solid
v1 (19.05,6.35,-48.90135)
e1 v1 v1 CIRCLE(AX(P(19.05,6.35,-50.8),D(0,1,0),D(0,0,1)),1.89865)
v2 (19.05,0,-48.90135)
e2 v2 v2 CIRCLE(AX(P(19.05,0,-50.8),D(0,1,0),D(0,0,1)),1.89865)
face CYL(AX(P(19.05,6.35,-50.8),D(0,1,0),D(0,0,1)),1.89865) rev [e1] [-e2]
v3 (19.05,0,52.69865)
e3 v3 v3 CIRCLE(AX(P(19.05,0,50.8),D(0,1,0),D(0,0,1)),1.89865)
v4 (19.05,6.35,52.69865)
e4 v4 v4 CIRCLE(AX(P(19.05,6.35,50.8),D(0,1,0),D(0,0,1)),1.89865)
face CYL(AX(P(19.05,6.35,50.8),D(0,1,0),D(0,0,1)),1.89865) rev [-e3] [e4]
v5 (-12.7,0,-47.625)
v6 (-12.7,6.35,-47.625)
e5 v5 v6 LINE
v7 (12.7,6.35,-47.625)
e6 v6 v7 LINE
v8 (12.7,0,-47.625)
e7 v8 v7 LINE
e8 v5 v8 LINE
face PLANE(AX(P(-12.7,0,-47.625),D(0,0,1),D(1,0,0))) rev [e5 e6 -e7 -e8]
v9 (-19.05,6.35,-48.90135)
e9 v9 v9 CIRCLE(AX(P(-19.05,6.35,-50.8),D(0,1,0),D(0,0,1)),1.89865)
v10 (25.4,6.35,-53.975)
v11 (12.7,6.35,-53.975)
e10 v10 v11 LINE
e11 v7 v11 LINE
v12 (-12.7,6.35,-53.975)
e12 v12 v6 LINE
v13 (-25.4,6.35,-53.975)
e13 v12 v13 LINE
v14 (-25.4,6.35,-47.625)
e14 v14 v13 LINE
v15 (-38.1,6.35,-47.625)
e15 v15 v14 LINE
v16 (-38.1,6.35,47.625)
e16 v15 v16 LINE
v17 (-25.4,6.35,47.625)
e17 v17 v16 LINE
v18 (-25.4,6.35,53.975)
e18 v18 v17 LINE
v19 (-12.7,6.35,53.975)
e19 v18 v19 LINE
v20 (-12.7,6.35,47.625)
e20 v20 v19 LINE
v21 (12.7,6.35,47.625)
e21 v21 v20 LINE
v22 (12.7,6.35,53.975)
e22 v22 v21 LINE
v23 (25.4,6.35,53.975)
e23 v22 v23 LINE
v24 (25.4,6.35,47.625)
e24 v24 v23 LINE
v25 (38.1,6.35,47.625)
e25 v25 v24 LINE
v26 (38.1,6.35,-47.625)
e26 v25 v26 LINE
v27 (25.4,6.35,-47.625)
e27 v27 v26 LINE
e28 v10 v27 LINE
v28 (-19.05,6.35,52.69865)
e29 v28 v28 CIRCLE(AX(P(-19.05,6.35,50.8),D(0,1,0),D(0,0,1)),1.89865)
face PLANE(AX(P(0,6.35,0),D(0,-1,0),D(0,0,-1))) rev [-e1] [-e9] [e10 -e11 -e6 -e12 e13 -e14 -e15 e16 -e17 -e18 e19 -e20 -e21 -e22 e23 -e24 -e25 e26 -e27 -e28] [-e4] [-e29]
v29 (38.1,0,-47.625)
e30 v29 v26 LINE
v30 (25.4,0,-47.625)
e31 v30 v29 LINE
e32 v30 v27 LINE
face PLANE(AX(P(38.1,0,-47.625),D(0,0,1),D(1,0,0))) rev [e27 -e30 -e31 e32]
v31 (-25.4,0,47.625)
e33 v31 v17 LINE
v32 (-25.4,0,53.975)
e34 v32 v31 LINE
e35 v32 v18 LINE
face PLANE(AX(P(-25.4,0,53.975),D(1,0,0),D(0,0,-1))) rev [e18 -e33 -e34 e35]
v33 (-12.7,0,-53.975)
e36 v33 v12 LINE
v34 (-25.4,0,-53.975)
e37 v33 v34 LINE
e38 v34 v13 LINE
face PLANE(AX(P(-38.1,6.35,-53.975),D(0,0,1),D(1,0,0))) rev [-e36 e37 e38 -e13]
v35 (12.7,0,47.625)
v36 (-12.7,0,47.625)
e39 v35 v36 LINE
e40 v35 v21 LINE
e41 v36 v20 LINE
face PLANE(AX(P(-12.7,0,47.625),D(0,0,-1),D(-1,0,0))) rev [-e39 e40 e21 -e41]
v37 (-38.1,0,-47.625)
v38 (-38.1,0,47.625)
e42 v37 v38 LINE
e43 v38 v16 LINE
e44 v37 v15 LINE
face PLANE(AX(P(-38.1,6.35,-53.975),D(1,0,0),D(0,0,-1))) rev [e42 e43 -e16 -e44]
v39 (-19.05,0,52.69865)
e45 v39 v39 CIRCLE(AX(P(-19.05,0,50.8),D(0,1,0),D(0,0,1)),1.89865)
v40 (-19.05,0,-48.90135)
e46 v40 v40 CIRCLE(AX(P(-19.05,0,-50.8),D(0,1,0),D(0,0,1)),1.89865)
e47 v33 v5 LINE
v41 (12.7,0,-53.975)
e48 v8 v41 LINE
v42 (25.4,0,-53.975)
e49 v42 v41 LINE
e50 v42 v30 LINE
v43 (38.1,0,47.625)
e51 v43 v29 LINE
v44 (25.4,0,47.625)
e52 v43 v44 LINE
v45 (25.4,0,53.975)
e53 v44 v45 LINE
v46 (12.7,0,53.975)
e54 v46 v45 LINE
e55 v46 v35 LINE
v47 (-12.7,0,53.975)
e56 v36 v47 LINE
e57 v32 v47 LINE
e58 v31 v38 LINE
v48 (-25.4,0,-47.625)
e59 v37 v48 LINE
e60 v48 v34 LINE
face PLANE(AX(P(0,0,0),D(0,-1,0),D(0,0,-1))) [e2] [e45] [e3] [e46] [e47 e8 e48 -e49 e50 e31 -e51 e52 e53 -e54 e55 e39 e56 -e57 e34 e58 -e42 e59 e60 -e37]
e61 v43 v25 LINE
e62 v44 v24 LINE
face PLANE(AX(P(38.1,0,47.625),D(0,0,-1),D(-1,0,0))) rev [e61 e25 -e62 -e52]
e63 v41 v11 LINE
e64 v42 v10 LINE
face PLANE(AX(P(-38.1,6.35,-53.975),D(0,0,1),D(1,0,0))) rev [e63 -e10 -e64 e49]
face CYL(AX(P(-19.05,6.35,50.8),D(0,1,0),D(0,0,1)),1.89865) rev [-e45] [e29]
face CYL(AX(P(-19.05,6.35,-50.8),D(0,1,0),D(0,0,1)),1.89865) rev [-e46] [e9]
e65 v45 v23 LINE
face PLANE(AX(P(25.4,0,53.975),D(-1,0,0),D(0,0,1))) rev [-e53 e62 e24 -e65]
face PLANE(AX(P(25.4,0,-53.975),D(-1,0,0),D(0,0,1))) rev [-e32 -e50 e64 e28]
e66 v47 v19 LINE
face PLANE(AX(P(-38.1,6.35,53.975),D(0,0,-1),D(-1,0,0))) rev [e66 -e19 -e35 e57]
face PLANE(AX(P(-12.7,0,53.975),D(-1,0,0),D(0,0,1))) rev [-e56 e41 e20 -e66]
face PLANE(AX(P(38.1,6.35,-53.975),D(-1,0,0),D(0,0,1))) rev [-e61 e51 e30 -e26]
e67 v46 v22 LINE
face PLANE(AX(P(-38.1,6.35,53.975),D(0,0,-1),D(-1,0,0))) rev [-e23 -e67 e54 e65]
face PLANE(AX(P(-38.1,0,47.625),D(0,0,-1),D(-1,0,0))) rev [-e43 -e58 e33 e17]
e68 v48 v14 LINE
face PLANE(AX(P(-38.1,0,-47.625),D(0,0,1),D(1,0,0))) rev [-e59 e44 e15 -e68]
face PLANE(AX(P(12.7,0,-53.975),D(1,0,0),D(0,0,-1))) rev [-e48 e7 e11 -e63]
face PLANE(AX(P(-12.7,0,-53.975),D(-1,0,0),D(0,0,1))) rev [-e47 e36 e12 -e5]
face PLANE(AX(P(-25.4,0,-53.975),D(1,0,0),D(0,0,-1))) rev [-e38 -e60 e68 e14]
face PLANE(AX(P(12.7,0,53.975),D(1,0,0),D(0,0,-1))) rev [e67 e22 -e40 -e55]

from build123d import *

# Parameters (mm, degrees)
SKETCH1_W                 = 76.2
SKETCH1_H                 = 107.95
BOSS_EXTRUDE1_DEPTH       = 6.35
SKETCH2_R                 = 1.7526
SKETCH2_W                 = 12.7
SKETCH2_H                 = 6.35
SKETCH2_W_2               = 25.4
CUT_EXTRUDE1_DEPTH        = 6.35
F_6_CLEARANCE_HOLE1_D     = 3.7973
F_6_CLEARANCE_HOLE1_DEPTH = 6.35
F_6_CLEARANCE_HOLE1_TIP   = 1.140824014


with BuildPart() as part:
    # Sketch1 → Boss-Extrude1 (new body)
    with BuildSketch(Plane(origin=(0, 0, 0), x_dir=(1, 0, 0), z_dir=(0, 1, 0))):
        Rectangle(SKETCH1_W, SKETCH1_H)
    extrude(amount=BOSS_EXTRUDE1_DEPTH)

    # Sketch2 → Cut-Extrude1 (cut)
    with BuildSketch(Plane(origin=(0, 6.35, 0), x_dir=(1, 0, 0), z_dir=(0, 1, 0))):
        with Locations(Location((-19.05, 50.8, 0), (0, 0, 270))):
            Circle(SKETCH2_R)
        with Locations(Location((19.05, 50.8, 0), (0, 0, 270))):
            Circle(SKETCH2_R)
        with Locations(Location((19.05, -50.8, 0), (0, 0, 90))):
            Circle(SKETCH2_R)
        with Locations(Location((-19.05, -50.8, 0), (0, 0, 90))):
            Circle(SKETCH2_R)
        with Locations((-31.75, 50.8)):
            Rectangle(SKETCH2_W, SKETCH2_H)
        with Locations((0, 50.8)):
            Rectangle(SKETCH2_W_2, SKETCH2_H)
        with Locations((31.75, 50.8)):
            Rectangle(SKETCH2_W, SKETCH2_H)
        with Locations((31.75, -50.8)):
            Rectangle(SKETCH2_W, SKETCH2_H)
        with Locations((0, -50.8)):
            Rectangle(SKETCH2_W_2, SKETCH2_H)
        with Locations((-31.75, -50.8)):
            Rectangle(SKETCH2_W, SKETCH2_H)
    extrude(amount=-CUT_EXTRUDE1_DEPTH, mode=Mode.SUBTRACT)

    # #6 Clearance Hole1
    with Locations(Plane(origin=(0, 6.35, 0), x_dir=(1, 0, 0), z_dir=(0, 1, 0))):
        with Locations((-19.05, 50.8), (19.05, 50.8), (-19.05, -50.8), (19.05, -50.8)):
            Hole(F_6_CLEARANCE_HOLE1_D / 2, depth=F_6_CLEARANCE_HOLE1_DEPTH)
            with Locations((0, 0, -(F_6_CLEARANCE_HOLE1_DEPTH + F_6_CLEARANCE_HOLE1_TIP / 2))):  # 118° drill point
                Cone(0, F_6_CLEARANCE_HOLE1_D / 2, F_6_CLEARANCE_HOLE1_TIP, mode=Mode.SUBTRACT)


solid = part.part
